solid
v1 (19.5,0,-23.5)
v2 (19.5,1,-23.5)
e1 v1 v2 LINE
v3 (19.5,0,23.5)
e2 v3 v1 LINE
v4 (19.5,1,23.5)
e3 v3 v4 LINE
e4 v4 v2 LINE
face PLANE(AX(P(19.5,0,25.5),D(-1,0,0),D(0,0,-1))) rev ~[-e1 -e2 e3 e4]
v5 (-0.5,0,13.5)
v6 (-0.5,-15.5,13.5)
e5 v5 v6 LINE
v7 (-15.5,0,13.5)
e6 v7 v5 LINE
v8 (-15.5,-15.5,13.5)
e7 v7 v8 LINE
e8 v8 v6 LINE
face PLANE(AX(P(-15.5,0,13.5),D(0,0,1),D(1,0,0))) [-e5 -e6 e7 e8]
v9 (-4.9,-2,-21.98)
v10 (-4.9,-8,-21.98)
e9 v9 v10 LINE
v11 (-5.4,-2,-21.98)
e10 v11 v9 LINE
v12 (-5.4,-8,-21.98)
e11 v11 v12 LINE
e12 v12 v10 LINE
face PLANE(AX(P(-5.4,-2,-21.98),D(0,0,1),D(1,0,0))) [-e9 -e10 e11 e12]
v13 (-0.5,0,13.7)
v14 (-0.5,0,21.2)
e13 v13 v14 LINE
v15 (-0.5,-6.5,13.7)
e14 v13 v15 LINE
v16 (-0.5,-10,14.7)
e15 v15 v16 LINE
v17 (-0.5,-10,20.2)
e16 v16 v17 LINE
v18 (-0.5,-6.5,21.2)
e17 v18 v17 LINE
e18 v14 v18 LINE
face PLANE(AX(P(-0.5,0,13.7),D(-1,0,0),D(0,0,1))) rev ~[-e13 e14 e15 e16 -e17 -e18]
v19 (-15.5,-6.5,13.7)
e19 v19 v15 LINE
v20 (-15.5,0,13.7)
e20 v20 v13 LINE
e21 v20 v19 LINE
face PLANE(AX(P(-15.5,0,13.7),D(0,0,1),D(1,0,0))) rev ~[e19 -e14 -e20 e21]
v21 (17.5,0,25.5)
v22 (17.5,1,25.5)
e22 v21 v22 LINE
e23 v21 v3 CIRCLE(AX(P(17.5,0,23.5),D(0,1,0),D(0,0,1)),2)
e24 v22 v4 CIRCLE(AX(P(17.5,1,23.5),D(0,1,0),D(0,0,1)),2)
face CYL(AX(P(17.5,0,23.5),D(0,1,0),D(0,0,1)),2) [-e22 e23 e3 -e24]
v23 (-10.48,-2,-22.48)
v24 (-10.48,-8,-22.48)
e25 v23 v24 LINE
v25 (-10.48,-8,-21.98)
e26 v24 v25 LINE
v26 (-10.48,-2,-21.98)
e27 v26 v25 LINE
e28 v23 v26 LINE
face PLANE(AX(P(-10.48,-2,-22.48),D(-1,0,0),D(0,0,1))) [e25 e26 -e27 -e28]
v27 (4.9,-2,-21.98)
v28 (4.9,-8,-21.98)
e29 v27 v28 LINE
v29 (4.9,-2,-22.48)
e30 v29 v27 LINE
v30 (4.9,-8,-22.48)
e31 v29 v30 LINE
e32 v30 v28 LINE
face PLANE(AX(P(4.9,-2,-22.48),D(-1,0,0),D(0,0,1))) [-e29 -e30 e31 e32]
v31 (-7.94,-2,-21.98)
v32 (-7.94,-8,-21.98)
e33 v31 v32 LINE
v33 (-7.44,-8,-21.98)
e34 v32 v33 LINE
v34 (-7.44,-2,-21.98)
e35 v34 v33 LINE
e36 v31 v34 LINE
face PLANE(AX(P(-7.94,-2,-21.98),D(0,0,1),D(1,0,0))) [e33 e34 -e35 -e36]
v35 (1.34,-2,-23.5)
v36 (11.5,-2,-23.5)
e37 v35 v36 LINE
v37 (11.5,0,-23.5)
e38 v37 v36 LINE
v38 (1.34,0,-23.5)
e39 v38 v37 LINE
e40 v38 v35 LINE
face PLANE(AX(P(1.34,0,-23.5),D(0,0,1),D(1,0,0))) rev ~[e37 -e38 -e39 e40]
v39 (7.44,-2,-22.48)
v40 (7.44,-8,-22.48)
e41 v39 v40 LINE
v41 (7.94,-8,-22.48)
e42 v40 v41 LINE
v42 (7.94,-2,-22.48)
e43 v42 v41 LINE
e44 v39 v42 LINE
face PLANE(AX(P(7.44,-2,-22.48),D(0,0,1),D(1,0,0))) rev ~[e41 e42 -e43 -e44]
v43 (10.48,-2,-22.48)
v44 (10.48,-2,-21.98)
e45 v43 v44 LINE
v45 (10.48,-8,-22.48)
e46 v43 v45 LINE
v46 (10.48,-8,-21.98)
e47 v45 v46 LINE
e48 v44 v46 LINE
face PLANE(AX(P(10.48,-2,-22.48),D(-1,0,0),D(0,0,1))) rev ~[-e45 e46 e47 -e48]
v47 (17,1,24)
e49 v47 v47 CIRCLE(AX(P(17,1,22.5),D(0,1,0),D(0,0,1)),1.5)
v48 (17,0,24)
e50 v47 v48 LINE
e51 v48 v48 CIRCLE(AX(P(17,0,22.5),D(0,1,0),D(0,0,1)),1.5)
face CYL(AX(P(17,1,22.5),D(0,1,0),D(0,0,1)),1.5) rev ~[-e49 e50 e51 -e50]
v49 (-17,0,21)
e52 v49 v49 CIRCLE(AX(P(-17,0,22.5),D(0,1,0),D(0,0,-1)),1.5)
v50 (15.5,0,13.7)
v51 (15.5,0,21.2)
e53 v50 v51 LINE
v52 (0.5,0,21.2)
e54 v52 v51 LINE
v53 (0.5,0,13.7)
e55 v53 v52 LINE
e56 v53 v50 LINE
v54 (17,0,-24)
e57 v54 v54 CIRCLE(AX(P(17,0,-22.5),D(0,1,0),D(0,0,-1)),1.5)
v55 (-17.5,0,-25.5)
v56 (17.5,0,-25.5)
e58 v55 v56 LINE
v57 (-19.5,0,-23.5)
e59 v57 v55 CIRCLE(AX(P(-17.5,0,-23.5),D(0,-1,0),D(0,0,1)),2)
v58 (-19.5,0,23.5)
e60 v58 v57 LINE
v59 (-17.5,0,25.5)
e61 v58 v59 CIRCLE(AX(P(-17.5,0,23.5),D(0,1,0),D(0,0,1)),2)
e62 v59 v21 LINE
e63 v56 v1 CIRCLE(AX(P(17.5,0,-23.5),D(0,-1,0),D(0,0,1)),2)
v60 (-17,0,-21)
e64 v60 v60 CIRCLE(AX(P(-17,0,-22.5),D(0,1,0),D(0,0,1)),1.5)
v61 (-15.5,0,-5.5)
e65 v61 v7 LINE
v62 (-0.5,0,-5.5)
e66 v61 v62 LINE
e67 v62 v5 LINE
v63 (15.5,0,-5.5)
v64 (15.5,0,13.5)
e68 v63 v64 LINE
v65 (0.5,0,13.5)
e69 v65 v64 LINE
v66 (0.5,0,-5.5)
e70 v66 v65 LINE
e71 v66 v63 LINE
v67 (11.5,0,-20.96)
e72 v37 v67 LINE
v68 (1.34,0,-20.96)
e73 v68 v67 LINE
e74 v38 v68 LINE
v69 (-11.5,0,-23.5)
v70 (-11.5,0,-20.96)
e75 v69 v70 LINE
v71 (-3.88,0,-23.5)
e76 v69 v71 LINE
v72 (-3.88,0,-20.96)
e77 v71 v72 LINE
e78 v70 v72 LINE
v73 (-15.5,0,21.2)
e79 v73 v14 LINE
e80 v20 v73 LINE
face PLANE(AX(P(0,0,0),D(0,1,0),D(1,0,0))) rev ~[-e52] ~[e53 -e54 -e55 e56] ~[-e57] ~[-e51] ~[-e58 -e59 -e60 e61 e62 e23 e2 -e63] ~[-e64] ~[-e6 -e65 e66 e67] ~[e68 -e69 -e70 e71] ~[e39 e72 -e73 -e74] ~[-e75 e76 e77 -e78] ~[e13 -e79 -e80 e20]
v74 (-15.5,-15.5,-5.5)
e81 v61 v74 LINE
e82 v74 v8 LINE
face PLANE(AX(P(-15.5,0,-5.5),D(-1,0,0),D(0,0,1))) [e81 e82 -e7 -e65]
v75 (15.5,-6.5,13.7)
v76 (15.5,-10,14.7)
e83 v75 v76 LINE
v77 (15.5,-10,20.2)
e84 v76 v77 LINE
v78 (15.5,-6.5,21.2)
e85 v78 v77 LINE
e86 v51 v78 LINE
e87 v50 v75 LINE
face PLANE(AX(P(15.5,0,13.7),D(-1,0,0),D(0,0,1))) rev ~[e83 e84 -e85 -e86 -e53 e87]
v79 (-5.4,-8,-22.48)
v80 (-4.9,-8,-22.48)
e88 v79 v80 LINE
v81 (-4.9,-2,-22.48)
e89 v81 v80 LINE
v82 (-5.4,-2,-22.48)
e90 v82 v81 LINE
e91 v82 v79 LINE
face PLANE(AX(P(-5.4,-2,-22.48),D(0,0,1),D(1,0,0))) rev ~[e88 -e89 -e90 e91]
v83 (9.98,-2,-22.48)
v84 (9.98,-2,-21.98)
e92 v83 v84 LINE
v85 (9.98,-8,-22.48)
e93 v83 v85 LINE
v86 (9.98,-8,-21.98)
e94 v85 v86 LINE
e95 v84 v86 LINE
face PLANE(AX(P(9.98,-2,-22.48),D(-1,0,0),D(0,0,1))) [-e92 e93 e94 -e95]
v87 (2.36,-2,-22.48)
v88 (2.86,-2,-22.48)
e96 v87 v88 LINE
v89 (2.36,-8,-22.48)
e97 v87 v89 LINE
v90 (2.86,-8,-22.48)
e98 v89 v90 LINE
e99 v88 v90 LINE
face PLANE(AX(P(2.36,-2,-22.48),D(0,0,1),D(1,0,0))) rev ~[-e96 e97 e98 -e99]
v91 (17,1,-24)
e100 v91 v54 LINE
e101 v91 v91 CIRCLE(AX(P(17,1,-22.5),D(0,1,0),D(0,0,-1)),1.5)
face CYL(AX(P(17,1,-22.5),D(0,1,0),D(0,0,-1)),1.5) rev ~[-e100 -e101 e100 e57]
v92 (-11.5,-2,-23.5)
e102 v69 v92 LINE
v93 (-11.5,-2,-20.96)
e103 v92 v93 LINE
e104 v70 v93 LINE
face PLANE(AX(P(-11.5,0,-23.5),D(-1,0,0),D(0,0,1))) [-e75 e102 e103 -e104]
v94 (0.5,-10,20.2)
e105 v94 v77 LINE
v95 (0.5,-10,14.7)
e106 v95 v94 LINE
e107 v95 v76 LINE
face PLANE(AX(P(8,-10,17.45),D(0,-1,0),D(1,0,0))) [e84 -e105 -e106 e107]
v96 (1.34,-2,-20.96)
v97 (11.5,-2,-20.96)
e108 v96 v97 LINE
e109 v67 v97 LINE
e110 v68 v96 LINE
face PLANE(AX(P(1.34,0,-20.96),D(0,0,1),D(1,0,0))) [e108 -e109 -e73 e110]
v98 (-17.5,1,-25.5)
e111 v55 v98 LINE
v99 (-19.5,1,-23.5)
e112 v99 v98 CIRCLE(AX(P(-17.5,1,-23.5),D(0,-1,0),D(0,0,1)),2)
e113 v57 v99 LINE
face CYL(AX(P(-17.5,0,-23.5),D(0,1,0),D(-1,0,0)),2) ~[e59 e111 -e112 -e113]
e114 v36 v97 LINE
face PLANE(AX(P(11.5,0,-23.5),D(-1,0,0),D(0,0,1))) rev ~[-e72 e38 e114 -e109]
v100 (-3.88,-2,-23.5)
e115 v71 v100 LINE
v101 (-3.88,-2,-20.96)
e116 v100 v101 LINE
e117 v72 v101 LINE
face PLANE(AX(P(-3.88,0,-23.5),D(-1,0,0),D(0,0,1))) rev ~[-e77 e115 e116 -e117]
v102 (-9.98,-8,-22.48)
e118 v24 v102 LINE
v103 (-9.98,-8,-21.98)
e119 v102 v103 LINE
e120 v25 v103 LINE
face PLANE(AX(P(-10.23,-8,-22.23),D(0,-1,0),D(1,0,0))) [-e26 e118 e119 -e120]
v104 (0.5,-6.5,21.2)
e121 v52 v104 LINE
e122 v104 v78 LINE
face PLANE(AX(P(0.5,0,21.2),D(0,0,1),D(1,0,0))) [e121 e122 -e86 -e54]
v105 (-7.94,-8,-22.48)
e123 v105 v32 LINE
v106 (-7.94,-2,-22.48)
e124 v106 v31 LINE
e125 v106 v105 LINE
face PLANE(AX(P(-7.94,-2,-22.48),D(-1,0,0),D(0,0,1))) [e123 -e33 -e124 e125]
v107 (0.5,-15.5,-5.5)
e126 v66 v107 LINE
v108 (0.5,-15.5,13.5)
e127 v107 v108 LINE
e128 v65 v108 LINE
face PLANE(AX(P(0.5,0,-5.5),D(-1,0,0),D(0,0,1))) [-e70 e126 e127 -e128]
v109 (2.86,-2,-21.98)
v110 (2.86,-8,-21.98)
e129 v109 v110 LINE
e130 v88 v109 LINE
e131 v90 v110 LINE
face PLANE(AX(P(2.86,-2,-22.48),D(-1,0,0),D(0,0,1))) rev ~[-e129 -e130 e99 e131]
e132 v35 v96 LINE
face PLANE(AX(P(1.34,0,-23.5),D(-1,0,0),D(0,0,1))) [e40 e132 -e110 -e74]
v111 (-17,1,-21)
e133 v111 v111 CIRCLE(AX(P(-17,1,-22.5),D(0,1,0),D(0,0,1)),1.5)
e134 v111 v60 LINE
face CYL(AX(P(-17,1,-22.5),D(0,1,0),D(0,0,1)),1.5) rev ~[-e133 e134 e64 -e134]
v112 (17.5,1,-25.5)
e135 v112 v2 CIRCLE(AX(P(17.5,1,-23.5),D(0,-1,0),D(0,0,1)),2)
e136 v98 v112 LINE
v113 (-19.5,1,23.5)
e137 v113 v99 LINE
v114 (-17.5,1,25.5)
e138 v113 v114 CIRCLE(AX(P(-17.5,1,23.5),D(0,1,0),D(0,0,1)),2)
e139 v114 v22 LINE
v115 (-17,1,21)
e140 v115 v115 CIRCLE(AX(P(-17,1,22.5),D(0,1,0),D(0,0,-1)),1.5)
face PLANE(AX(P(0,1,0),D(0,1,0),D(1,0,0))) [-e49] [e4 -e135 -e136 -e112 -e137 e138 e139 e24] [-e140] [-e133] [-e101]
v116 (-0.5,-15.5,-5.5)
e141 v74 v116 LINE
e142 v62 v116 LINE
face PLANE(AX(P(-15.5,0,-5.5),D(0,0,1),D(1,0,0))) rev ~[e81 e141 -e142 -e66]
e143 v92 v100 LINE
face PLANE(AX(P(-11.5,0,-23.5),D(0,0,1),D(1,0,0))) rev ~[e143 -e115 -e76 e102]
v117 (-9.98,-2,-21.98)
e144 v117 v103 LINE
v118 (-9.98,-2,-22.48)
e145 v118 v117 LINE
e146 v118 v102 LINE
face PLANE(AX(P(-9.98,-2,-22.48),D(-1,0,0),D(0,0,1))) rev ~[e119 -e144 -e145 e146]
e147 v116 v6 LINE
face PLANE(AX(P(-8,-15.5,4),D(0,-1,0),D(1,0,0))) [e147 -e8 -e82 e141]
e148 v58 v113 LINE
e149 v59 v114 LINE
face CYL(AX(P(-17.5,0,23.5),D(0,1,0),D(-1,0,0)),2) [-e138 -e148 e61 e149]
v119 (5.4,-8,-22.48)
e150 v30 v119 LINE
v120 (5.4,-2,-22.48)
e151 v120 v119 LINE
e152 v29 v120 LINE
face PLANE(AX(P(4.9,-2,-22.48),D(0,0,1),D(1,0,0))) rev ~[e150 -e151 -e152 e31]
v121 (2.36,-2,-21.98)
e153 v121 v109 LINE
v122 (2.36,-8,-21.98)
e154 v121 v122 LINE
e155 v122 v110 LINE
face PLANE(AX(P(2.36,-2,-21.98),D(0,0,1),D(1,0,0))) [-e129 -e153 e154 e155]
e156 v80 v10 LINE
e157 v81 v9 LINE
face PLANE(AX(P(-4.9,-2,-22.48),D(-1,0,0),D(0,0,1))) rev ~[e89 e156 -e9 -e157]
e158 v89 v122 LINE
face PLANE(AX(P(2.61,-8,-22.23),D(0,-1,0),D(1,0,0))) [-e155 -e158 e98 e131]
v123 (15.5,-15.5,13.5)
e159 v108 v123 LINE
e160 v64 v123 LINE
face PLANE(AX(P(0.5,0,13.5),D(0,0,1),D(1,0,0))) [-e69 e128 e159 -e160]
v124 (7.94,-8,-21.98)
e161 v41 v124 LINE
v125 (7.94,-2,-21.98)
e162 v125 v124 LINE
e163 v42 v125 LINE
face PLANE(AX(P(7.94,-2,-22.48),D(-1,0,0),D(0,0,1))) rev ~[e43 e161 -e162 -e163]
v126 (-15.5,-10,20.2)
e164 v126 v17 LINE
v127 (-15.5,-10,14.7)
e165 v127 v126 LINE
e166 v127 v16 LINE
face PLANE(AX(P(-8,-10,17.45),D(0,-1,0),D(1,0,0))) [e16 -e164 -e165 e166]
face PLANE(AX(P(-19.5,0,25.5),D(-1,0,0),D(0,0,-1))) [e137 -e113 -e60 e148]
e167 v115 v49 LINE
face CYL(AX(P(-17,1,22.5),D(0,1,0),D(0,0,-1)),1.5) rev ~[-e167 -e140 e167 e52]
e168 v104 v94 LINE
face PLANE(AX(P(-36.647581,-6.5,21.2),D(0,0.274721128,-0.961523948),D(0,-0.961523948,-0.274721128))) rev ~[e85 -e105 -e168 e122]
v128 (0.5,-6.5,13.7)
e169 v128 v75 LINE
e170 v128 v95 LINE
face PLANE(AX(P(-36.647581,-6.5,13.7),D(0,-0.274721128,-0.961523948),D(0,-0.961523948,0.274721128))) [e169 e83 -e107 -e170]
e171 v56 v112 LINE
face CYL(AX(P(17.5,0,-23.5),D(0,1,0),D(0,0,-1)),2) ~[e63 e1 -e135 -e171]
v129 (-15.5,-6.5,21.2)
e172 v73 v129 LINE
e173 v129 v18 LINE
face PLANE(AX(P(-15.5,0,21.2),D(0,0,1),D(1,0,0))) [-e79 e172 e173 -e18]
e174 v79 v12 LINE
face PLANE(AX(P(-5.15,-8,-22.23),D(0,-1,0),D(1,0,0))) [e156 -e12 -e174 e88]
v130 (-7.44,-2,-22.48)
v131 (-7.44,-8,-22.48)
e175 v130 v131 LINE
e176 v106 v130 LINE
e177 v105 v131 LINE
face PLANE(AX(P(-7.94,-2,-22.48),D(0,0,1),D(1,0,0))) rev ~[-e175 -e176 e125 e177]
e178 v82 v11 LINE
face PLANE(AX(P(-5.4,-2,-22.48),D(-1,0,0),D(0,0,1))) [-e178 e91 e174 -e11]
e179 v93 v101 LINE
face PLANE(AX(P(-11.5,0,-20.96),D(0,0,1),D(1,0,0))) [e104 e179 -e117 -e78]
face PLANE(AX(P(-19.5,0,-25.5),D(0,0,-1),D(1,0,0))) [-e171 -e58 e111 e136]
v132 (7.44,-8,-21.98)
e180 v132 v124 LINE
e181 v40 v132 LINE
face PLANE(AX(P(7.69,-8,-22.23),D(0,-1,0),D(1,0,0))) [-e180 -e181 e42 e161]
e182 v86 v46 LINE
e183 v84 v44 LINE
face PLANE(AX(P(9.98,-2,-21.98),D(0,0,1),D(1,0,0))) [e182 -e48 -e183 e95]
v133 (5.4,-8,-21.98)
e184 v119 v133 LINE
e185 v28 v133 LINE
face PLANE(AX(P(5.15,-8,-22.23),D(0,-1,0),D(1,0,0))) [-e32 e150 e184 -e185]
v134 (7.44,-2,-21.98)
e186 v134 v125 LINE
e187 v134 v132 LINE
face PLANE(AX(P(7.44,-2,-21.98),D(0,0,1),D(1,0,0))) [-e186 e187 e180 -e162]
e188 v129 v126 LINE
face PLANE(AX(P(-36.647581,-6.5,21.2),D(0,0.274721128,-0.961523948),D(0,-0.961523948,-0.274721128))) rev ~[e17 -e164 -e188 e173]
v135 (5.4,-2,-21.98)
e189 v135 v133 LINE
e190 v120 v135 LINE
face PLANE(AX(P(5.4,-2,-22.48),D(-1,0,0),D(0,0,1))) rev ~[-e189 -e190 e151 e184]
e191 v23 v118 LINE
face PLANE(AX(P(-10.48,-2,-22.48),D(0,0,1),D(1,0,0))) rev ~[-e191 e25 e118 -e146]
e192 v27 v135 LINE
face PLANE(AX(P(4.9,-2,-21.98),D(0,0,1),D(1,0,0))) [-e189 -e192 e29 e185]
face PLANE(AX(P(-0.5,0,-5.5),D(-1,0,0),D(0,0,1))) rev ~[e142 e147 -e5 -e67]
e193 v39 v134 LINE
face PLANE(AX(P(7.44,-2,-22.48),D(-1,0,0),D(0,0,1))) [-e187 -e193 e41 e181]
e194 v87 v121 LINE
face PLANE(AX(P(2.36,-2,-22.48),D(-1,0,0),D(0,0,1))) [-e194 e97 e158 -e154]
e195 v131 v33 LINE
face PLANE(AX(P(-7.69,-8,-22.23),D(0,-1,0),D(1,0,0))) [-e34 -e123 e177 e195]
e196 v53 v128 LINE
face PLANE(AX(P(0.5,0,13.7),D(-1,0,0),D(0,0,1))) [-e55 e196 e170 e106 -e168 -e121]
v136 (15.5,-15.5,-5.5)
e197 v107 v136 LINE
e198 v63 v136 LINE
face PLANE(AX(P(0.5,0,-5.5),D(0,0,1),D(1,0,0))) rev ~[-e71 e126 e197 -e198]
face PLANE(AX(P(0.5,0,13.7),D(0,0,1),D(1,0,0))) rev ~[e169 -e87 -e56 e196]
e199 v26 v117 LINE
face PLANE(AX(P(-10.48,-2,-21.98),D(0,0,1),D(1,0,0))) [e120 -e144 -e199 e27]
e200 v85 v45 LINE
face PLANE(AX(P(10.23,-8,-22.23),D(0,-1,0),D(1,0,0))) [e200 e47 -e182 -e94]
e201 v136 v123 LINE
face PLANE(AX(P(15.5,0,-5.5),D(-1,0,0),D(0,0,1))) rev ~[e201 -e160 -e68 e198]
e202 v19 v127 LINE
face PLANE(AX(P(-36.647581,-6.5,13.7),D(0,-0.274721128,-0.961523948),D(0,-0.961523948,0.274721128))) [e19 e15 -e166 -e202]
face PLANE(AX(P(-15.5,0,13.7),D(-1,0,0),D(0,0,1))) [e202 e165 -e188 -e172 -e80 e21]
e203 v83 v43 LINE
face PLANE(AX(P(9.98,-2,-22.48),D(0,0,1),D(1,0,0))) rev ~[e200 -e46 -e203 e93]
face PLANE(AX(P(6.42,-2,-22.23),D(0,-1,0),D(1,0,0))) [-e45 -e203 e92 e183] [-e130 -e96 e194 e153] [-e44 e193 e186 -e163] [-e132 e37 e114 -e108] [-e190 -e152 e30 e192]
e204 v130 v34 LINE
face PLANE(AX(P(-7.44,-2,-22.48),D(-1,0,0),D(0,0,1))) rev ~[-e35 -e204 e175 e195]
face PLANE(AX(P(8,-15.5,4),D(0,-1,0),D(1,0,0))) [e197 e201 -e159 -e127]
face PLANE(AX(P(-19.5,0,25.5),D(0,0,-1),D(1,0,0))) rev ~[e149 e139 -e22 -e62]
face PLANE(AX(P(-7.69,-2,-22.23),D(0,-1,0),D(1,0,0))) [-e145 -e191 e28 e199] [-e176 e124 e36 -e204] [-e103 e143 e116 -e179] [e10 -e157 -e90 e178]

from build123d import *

# Parameters (mm, degrees)
SKETCH1_W               = 39
SKETCH1_H               = 51
BOSS_EXTRUDE1_DEPTH     = 1
SKETCH2_R               = 1.5
CUT_EXTRUDE1_DEPTH      = 33.116973706
FILLET1_R               = 2
SKETCH3_W               = 15
SKETCH3_H               = 19
BOSS_EXTRUDE2_DEPTH     = 15.5
SKETCH4_W               = 15
SKETCH4_H               = 7.5
BOSS_EXTRUDE3_DEPTH     = 10
CUT_EXTRUDE2_DEPTH      = 36.647580563
CUT_EXTRUDE2_DEPTH_BACK = 36.647580563
SKETCH6_W               = 7.62
SKETCH6_H               = 2.54
SKETCH6_W_2             = 10.16
BOSS_EXTRUDE4_DEPTH     = 2
SKETCH7_W               = 0.5
SKETCH7_H               = 0.5
BOSS_EXTRUDE5_DEPTH     = 6


with BuildPart() as part:
    # Sketch1 → Boss-Extrude1 (new body)
    with BuildSketch(Plane(origin=(0, 0, 0), x_dir=(1, 0, 0), z_dir=(0, 1, 0))):
        Rectangle(SKETCH1_W, SKETCH1_H)
    extrude(amount=BOSS_EXTRUDE1_DEPTH)

    # Sketch2 → Cut-Extrude1 (cut, through all)
    with BuildSketch(Plane(origin=(0, 1, 0), x_dir=(1, 0, 0), z_dir=(0, 1, 0))):
        with Locations(Location((-17, 22.5, 0), (0, 0, 270))):
            Circle(SKETCH2_R)
        with Locations(Location((17, 22.5, 0), (0, 0, 90))):
            Circle(SKETCH2_R)
        with Locations(Location((17, -22.5, 0), (0, 0, 270))):
            Circle(SKETCH2_R)
        with Locations(Location((-17, -22.5, 0), (0, 0, 90))):
            Circle(SKETCH2_R)
    extrude(amount=-CUT_EXTRUDE1_DEPTH, mode=Mode.SUBTRACT)

    # Fillet1
    fillet1_edges = [part.edges().sort_by_distance(p)[0] for p in [
        (19.5, 0.5, 25.5),
        (-19.5, 0.5, 25.5),
        (-19.5, 0.5, -25.5),
        (19.5, 0.5, -25.5),
    ]]
    fillet(fillet1_edges, radius=FILLET1_R)

    # Sketch3 → Boss-Extrude2 (add)
    with BuildSketch(Plane.XZ):
        with Locations((-8, 4)):
            Rectangle(SKETCH3_W, SKETCH3_H)
        with Locations((8, 4)):
            Rectangle(SKETCH3_W, SKETCH3_H)
    extrude(amount=BOSS_EXTRUDE2_DEPTH)

    # Sketch4 → Boss-Extrude3 (add)
    with BuildSketch(Plane.XZ):
        with Locations((-8, 17.45)):
            Rectangle(SKETCH4_W, SKETCH4_H)
        with Locations((8, 17.45)):
            Rectangle(SKETCH4_W, SKETCH4_H)
    extrude(amount=BOSS_EXTRUDE3_DEPTH)

    # Sketch5 → Cut-Extrude2 (cut, two sides: drawn at the far end of the back side and taken through both)
    with BuildSketch(Plane(origin=(0, 0, 0), x_dir=(0, 0, -1), z_dir=(1, 0, 0)).offset(-CUT_EXTRUDE2_DEPTH_BACK)):
        Polygon((-21.2, -10), (-21.2, -6.5), (-20.2, -10), align=None)
        Polygon((-14.7, -10), (-13.7, -10), (-13.7, -6.5), align=None)
    extrude(amount=CUT_EXTRUDE2_DEPTH + CUT_EXTRUDE2_DEPTH_BACK, mode=Mode.SUBTRACT)

    # Sketch6 → Boss-Extrude4 (add)
    with BuildSketch(Plane.XZ):
        with Locations((-7.69, -22.23)):
            Rectangle(SKETCH6_W, SKETCH6_H)
        with Locations((6.42, -22.23)):
            Rectangle(SKETCH6_W_2, SKETCH6_H)
    extrude(amount=BOSS_EXTRUDE4_DEPTH)

    # Sketch7 → Boss-Extrude5 (add)
    with BuildSketch(Plane.XZ.offset(2)):
        with Locations((7.69, -22.23)):
            Rectangle(SKETCH7_W, SKETCH7_H)
        with Locations((10.23, -22.23)):
            Rectangle(SKETCH7_W, SKETCH7_H)
        with Locations((5.15, -22.23)):
            Rectangle(SKETCH7_W, SKETCH7_H)
        with Locations((2.61, -22.23)):
            Rectangle(SKETCH7_W, SKETCH7_H)
        with Locations((-5.15, -22.23)):
            Rectangle(SKETCH7_W, SKETCH7_H)
        with Locations((-7.69, -22.23)):
            Rectangle(SKETCH7_W, SKETCH7_H)
        with Locations((-10.23, -22.23)):
            Rectangle(SKETCH7_W, SKETCH7_H)
    extrude(amount=BOSS_EXTRUDE5_DEPTH)


solid = part.part
